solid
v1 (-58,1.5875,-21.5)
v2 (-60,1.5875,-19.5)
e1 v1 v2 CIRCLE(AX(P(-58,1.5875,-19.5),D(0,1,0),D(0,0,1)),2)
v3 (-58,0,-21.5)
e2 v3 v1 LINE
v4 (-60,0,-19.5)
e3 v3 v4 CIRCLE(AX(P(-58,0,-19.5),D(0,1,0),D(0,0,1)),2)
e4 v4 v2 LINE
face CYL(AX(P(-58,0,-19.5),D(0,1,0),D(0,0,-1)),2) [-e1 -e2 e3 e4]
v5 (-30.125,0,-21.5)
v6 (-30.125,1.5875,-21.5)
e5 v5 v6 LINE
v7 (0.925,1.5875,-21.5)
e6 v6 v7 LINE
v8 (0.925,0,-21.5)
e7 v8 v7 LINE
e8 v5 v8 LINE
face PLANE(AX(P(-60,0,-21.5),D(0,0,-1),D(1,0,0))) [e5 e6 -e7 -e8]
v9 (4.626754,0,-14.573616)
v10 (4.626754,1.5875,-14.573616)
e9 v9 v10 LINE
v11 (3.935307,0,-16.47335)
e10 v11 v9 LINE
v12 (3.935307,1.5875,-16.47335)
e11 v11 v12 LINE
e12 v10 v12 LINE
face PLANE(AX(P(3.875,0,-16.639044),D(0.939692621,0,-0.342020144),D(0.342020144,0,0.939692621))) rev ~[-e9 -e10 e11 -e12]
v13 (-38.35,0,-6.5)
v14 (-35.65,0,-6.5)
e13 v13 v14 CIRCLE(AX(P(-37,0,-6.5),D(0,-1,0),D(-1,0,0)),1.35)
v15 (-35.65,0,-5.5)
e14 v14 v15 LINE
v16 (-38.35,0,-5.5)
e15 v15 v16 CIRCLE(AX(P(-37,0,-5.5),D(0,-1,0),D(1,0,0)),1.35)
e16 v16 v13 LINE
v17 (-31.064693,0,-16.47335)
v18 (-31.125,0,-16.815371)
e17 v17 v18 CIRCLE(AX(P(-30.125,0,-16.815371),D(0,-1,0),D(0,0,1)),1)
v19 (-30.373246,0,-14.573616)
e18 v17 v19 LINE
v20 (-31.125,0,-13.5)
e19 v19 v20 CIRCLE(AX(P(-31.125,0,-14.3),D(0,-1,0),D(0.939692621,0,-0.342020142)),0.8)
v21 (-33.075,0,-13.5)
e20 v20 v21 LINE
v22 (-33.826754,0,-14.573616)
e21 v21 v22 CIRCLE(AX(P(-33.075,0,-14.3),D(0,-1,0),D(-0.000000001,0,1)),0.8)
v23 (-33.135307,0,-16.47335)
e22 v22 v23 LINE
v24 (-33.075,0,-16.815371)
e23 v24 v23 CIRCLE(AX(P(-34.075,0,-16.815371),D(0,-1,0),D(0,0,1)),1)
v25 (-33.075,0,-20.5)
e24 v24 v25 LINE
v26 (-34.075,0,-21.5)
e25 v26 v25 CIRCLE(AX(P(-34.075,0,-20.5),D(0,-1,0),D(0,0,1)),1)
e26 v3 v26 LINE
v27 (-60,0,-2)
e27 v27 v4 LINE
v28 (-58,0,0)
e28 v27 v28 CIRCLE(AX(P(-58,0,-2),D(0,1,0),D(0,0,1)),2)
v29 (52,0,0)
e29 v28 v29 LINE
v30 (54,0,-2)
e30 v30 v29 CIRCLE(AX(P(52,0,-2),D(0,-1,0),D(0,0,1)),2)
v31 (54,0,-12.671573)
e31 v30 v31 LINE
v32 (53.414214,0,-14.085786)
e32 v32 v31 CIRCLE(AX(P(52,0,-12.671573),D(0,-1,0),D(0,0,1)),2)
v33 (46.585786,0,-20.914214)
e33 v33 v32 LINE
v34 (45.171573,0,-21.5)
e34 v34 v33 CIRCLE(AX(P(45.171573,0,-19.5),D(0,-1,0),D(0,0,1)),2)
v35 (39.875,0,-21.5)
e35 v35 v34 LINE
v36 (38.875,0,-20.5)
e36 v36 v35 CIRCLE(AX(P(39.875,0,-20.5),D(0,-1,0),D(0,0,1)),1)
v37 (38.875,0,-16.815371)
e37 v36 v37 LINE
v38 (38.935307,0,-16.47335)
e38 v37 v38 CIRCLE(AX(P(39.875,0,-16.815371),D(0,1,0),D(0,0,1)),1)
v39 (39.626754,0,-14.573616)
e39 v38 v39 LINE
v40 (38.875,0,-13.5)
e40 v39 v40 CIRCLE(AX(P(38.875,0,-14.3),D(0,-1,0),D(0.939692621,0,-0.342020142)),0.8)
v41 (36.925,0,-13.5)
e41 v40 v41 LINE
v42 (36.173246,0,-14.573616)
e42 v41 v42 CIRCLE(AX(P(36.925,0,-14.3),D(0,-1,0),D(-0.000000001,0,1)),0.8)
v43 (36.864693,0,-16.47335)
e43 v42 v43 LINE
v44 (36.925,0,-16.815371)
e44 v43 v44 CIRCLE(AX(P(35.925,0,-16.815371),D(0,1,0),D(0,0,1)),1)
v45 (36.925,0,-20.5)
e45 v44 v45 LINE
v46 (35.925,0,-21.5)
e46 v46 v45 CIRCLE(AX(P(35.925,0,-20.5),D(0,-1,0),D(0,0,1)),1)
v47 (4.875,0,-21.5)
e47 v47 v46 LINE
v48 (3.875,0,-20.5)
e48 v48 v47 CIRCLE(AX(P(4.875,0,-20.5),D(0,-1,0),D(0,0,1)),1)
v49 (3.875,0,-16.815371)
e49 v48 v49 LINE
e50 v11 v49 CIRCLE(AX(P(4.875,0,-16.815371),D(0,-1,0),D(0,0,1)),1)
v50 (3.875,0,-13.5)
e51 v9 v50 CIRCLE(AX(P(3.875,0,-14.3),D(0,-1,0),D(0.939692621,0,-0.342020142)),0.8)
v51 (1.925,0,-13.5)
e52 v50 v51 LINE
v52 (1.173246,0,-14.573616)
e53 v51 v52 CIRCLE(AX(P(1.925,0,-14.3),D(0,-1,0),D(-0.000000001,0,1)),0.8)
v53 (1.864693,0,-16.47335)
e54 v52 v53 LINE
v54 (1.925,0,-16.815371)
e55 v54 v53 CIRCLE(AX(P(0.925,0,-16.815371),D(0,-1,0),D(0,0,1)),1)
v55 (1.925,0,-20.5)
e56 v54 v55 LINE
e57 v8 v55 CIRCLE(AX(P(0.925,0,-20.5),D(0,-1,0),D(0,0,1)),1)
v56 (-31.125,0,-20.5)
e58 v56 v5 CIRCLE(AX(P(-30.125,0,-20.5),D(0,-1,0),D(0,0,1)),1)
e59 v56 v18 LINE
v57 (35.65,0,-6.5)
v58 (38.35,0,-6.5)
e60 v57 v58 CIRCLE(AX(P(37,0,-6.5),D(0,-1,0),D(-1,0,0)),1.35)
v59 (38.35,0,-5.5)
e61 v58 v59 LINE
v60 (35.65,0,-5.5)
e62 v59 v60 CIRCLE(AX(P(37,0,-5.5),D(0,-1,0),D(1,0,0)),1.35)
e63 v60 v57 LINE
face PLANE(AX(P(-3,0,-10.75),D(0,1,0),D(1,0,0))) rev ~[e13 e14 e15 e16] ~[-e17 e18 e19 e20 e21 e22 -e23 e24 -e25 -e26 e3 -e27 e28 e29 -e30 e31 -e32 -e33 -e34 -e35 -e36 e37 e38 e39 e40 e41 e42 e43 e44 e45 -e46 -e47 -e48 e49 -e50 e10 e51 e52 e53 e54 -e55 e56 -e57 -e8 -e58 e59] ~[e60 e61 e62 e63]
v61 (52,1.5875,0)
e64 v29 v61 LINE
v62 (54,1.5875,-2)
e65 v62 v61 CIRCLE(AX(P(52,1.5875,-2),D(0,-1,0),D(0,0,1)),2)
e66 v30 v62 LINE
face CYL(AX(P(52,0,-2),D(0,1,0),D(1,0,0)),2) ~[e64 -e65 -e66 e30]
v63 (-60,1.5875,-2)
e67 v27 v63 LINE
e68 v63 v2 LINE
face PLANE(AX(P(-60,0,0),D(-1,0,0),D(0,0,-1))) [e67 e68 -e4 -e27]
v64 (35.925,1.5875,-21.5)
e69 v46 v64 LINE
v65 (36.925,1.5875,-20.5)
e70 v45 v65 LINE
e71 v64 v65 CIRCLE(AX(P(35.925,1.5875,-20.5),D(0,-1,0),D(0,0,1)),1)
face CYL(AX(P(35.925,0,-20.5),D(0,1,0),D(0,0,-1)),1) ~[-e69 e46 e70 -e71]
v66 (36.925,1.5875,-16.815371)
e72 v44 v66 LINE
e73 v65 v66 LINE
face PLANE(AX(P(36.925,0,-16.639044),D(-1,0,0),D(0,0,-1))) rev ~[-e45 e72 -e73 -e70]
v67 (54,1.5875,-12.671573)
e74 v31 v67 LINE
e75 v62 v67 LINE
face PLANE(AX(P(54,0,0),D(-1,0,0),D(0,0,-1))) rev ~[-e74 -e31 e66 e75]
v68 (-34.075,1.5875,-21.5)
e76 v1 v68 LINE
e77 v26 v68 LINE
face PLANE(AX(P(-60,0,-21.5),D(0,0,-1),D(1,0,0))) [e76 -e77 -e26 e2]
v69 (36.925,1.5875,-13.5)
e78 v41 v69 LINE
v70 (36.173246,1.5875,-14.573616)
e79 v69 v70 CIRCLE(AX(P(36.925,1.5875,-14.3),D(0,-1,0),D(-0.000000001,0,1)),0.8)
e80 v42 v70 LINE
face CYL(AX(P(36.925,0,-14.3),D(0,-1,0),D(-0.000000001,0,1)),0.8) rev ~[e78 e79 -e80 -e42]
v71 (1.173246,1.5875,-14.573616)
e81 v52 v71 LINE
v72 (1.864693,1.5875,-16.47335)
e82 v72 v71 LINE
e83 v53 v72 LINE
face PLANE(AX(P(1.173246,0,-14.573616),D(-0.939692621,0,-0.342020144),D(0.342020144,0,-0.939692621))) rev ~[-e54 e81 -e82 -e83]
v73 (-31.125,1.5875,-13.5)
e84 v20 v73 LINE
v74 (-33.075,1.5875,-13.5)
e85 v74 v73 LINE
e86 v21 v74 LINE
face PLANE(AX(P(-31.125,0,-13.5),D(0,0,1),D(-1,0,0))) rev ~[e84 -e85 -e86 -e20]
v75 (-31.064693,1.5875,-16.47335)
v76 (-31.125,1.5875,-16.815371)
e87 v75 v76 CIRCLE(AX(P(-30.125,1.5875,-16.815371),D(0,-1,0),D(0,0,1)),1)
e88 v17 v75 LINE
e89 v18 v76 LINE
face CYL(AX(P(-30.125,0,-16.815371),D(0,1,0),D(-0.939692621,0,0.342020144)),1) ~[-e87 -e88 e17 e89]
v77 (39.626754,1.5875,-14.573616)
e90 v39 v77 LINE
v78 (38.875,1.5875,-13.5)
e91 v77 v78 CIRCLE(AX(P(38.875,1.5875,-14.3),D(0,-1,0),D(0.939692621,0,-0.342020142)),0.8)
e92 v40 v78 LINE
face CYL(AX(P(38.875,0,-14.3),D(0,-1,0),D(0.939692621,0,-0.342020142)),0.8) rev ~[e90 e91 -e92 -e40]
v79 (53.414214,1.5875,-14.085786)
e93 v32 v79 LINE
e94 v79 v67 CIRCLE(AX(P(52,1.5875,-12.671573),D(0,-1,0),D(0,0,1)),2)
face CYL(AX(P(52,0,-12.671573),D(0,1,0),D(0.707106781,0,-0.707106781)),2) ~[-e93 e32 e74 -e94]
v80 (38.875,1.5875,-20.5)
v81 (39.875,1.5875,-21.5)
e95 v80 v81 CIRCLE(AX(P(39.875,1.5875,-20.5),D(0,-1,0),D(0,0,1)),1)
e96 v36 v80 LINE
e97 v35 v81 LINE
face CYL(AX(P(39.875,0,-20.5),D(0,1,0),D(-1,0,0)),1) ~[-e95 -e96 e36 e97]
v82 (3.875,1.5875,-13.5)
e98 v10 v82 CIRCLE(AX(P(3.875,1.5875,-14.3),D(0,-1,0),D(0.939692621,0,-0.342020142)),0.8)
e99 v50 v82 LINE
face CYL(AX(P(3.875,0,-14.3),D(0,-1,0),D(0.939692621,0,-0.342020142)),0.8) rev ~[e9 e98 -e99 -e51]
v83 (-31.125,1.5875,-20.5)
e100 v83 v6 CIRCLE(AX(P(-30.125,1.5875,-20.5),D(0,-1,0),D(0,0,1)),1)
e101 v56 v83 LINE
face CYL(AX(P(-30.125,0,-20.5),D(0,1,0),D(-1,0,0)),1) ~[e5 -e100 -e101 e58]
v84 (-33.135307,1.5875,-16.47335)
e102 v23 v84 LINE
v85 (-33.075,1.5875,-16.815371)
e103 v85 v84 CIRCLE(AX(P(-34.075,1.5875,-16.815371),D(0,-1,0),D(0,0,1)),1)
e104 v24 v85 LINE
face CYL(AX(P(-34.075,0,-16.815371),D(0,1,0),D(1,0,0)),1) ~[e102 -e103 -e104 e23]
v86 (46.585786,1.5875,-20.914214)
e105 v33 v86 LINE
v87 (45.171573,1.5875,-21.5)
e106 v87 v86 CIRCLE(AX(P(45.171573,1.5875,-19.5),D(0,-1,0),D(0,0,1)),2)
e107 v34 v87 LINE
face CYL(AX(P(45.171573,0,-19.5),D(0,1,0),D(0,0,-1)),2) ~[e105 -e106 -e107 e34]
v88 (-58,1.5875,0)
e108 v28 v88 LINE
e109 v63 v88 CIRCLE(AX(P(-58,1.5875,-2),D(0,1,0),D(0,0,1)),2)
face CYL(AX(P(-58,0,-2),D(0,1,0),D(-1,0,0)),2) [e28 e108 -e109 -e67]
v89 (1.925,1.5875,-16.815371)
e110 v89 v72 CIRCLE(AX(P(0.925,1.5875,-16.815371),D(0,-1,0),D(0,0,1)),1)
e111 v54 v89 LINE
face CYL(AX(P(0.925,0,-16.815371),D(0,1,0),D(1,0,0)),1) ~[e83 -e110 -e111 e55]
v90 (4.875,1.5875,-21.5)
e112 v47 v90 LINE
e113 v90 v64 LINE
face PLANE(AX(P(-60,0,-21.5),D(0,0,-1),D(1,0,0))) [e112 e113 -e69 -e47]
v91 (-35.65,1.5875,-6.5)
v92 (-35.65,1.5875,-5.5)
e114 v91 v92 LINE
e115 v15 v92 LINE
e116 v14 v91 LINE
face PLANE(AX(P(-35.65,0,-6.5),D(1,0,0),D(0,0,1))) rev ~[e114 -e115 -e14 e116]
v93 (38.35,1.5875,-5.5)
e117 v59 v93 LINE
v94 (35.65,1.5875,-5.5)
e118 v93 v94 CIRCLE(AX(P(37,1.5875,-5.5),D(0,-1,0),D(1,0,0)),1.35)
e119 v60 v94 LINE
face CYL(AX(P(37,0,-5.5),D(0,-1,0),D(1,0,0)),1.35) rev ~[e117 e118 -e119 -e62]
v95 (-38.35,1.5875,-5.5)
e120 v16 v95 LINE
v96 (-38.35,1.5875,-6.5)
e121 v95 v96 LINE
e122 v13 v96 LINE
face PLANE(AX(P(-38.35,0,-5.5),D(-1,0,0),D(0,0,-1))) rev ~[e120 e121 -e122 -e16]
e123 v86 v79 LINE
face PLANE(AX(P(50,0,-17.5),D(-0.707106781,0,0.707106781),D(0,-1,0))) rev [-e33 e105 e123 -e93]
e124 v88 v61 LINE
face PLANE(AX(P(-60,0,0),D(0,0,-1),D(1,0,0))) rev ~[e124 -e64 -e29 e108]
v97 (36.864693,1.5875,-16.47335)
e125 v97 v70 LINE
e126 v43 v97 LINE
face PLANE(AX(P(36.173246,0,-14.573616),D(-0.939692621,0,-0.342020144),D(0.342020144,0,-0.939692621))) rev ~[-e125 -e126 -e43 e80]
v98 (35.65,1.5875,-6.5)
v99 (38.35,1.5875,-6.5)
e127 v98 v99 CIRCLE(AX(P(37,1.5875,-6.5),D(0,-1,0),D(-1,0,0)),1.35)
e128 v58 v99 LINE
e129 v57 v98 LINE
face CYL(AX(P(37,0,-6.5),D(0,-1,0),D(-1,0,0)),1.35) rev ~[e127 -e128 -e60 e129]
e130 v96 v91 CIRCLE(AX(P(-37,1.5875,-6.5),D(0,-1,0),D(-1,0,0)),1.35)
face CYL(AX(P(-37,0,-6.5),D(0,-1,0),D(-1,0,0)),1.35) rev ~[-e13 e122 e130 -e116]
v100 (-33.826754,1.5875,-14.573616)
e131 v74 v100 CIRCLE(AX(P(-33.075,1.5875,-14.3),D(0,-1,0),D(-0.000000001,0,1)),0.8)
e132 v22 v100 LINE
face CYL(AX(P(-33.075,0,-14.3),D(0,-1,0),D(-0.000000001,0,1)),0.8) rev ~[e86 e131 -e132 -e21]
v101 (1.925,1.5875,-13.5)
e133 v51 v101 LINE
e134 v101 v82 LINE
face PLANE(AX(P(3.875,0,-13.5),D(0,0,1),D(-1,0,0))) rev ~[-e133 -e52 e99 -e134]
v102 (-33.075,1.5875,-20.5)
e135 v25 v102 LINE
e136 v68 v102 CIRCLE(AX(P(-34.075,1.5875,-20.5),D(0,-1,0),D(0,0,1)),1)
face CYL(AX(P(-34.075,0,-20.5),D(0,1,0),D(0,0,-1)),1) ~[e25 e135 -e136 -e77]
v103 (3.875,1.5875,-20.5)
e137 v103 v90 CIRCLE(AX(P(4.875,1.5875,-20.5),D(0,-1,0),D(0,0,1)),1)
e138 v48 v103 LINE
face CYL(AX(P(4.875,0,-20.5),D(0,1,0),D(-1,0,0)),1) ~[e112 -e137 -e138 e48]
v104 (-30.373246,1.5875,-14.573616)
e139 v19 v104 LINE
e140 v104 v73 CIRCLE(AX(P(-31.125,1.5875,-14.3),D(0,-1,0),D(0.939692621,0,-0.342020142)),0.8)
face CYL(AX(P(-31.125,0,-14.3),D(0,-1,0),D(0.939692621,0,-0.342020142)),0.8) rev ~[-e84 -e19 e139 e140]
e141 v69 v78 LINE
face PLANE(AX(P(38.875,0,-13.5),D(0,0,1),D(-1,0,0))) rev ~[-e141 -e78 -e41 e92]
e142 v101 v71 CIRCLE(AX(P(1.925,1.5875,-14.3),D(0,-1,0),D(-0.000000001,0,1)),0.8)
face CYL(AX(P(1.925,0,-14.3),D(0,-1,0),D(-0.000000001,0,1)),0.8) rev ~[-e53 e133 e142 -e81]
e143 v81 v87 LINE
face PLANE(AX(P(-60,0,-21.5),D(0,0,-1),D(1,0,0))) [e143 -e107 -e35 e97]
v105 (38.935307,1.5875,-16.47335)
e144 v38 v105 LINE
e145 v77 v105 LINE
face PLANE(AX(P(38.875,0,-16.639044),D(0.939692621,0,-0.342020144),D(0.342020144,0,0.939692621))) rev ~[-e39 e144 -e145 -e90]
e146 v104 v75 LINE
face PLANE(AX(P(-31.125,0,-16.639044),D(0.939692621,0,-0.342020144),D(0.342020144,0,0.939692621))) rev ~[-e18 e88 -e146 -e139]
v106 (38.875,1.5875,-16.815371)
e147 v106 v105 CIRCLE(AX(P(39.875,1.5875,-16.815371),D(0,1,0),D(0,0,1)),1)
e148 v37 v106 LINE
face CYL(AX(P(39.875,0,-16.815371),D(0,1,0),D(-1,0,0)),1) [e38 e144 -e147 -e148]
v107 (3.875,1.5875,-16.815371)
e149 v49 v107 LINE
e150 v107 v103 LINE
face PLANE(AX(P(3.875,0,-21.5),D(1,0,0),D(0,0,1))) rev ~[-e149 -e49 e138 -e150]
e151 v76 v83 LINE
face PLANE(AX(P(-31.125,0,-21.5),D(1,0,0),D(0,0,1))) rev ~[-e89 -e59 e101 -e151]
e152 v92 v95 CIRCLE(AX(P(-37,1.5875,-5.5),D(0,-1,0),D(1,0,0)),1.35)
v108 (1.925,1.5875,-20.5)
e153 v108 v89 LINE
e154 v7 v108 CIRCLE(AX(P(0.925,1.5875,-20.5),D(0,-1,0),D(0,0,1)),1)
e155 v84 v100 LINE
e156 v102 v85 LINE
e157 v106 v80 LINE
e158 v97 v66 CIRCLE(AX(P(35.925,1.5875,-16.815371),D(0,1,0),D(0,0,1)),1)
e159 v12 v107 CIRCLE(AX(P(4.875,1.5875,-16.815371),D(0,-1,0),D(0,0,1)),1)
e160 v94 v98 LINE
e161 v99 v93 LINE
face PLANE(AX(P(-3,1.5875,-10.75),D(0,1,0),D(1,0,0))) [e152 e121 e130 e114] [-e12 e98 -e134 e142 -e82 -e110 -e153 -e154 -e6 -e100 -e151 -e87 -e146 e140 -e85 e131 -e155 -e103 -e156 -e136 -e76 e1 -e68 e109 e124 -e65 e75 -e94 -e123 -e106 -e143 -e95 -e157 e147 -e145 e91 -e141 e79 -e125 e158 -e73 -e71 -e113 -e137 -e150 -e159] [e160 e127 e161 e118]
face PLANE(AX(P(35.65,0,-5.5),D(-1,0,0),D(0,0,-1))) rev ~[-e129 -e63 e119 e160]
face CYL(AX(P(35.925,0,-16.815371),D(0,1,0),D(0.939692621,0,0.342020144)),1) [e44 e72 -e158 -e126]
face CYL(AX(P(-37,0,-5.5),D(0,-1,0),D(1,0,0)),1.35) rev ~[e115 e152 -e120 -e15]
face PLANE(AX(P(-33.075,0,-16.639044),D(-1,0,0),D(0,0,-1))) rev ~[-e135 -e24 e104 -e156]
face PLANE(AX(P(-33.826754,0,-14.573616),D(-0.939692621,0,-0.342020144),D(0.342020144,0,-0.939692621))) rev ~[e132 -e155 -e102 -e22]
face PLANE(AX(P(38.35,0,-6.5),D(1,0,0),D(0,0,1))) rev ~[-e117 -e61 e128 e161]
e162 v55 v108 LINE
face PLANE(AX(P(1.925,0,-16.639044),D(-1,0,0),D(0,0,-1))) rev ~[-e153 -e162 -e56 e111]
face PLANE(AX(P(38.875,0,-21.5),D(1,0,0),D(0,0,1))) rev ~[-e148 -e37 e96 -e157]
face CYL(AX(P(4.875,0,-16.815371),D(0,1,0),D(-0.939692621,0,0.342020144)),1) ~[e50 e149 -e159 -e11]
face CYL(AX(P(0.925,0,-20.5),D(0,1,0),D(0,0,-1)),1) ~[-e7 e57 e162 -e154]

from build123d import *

# Parameters (mm, degrees)
SKETCH2_W           = 114
SKETCH2_H           = 21.5
BOSS_EXTRUDE1_DEPTH = 1.5875
CHAMFER1_SIZE       = 8
FILLET1_R           = 2
CUT_EXTRUDE1_DEPTH  = 2.5875
LPATTERN1_COUNT     = 3
LPATTERN1_PITCH     = 35
FILLET2_R           = 1
FILLET3_R           = 1


with BuildPart() as part:
    # Sketch2 → Boss-Extrude1 (new body)
    with BuildSketch(Plane(origin=(0, 0, 0), x_dir=(1, 0, 0), z_dir=(0, 1, 0))):
        with Locations((-3, 10.75)):
            Rectangle(SKETCH2_W, SKETCH2_H)
        with BuildLine():
            Line((-38.35, 5.5), (-38.35, 6.5))
            ThreePointArc((-38.35, 6.5), (-37, 7.85), (-35.65, 6.5))
            Line((-35.65, 6.5), (-35.65, 5.5))
            ThreePointArc((-35.65, 5.5), (-37, 4.15), (-38.35, 5.5))
        make_face(mode=Mode.SUBTRACT)
        with BuildLine():
            Line((35.65, 5.5), (35.65, 6.5))
            ThreePointArc((35.65, 6.5), (37, 7.85), (38.35, 6.5))
            Line((38.35, 6.5), (38.35, 5.5))
            ThreePointArc((38.35, 5.5), (37, 4.15), (35.65, 5.5))
        make_face(mode=Mode.SUBTRACT)
    extrude(amount=BOSS_EXTRUDE1_DEPTH)

    # Chamfer1
    chamfer1_edges = [part.edges().sort_by_distance(p)[0] for p in [
        (54, 0.79375, -21.5),
    ]]
    chamfer(chamfer1_edges, length=CHAMFER1_SIZE)

    # Fillet1
    fillet1_edges = [part.edges().sort_by_distance(p)[0] for p in [
        (46, 0.79375, -21.5),
        (54, 0.79375, -13.5),
        (-60, 0.79375, 0),
        (-60, 0.79375, -21.5),
        (54, 0.79375, 0),
    ]]
    fillet(fillet1_edges, radius=FILLET1_R)

    # Sketch3 → Cut-Extrude1 (cut, through all)
    with BuildSketch(Plane(origin=(0, 0, 0), x_dir=(1, 0, 0), z_dir=(0, 1, 0))):
        with BuildLine():
            Line((-33.075, 21.5), (-31.125, 21.5))
            Line((-31.125, 21.5), (-31.125, 16.63904352))
            Line((-31.125, 16.63904352), (-30.373245903, 14.573616115))
            ThreePointArc((-30.373245903, 14.573616115), (-30.469678365, 13.841138851), (-31.125, 13.5))
            Line((-31.125, 13.5), (-33.075, 13.5))
            ThreePointArc((-33.075, 13.5), (-33.730321635, 13.841138851), (-33.826754097, 14.573616115))
            Line((-33.826754097, 14.573616115), (-33.075, 16.63904352))
            Line((-33.075, 16.63904352), (-33.075, 21.5))
        make_face()
    cut_extrude1 = extrude(amount=CUT_EXTRUDE1_DEPTH, mode=Mode.SUBTRACT)

    # LPattern1: Cut-Extrude1 ×3
    with Locations(*[(i * LPATTERN1_PITCH, 0, 0) for i in range(1, LPATTERN1_COUNT)]):
        add(cut_extrude1, mode=Mode.SUBTRACT)

    # Fillet2
    fillet2_edges = [part.edges().sort_by_distance(p)[0] for p in [
        (3.875, 0.79375, -21.5),
        (1.925, 0.79375, -21.5),
        (38.875, 0.79375, -21.5),
        (36.925, 0.79375, -21.5),
        (-33.075, 0.79375, -21.5),
        (-31.125, 0.79375, -21.5),
    ]]
    fillet(fillet2_edges, radius=FILLET2_R)

    # Fillet3
    fillet3_edges = [part.edges().sort_by_distance(p)[0] for p in [
        (1.925, 0.79375, -16.63904352),
        (3.875, 0.79375, -16.63904352),
        (36.925, 0.79375, -16.63904352),
        (38.875, 0.79375, -16.63904352),
        (-33.075, 0.79375, -16.63904352),
        (-31.125, 0.79375, -16.63904352),
    ]]
    fillet(fillet3_edges, radius=FILLET3_R)


solid = part.part
